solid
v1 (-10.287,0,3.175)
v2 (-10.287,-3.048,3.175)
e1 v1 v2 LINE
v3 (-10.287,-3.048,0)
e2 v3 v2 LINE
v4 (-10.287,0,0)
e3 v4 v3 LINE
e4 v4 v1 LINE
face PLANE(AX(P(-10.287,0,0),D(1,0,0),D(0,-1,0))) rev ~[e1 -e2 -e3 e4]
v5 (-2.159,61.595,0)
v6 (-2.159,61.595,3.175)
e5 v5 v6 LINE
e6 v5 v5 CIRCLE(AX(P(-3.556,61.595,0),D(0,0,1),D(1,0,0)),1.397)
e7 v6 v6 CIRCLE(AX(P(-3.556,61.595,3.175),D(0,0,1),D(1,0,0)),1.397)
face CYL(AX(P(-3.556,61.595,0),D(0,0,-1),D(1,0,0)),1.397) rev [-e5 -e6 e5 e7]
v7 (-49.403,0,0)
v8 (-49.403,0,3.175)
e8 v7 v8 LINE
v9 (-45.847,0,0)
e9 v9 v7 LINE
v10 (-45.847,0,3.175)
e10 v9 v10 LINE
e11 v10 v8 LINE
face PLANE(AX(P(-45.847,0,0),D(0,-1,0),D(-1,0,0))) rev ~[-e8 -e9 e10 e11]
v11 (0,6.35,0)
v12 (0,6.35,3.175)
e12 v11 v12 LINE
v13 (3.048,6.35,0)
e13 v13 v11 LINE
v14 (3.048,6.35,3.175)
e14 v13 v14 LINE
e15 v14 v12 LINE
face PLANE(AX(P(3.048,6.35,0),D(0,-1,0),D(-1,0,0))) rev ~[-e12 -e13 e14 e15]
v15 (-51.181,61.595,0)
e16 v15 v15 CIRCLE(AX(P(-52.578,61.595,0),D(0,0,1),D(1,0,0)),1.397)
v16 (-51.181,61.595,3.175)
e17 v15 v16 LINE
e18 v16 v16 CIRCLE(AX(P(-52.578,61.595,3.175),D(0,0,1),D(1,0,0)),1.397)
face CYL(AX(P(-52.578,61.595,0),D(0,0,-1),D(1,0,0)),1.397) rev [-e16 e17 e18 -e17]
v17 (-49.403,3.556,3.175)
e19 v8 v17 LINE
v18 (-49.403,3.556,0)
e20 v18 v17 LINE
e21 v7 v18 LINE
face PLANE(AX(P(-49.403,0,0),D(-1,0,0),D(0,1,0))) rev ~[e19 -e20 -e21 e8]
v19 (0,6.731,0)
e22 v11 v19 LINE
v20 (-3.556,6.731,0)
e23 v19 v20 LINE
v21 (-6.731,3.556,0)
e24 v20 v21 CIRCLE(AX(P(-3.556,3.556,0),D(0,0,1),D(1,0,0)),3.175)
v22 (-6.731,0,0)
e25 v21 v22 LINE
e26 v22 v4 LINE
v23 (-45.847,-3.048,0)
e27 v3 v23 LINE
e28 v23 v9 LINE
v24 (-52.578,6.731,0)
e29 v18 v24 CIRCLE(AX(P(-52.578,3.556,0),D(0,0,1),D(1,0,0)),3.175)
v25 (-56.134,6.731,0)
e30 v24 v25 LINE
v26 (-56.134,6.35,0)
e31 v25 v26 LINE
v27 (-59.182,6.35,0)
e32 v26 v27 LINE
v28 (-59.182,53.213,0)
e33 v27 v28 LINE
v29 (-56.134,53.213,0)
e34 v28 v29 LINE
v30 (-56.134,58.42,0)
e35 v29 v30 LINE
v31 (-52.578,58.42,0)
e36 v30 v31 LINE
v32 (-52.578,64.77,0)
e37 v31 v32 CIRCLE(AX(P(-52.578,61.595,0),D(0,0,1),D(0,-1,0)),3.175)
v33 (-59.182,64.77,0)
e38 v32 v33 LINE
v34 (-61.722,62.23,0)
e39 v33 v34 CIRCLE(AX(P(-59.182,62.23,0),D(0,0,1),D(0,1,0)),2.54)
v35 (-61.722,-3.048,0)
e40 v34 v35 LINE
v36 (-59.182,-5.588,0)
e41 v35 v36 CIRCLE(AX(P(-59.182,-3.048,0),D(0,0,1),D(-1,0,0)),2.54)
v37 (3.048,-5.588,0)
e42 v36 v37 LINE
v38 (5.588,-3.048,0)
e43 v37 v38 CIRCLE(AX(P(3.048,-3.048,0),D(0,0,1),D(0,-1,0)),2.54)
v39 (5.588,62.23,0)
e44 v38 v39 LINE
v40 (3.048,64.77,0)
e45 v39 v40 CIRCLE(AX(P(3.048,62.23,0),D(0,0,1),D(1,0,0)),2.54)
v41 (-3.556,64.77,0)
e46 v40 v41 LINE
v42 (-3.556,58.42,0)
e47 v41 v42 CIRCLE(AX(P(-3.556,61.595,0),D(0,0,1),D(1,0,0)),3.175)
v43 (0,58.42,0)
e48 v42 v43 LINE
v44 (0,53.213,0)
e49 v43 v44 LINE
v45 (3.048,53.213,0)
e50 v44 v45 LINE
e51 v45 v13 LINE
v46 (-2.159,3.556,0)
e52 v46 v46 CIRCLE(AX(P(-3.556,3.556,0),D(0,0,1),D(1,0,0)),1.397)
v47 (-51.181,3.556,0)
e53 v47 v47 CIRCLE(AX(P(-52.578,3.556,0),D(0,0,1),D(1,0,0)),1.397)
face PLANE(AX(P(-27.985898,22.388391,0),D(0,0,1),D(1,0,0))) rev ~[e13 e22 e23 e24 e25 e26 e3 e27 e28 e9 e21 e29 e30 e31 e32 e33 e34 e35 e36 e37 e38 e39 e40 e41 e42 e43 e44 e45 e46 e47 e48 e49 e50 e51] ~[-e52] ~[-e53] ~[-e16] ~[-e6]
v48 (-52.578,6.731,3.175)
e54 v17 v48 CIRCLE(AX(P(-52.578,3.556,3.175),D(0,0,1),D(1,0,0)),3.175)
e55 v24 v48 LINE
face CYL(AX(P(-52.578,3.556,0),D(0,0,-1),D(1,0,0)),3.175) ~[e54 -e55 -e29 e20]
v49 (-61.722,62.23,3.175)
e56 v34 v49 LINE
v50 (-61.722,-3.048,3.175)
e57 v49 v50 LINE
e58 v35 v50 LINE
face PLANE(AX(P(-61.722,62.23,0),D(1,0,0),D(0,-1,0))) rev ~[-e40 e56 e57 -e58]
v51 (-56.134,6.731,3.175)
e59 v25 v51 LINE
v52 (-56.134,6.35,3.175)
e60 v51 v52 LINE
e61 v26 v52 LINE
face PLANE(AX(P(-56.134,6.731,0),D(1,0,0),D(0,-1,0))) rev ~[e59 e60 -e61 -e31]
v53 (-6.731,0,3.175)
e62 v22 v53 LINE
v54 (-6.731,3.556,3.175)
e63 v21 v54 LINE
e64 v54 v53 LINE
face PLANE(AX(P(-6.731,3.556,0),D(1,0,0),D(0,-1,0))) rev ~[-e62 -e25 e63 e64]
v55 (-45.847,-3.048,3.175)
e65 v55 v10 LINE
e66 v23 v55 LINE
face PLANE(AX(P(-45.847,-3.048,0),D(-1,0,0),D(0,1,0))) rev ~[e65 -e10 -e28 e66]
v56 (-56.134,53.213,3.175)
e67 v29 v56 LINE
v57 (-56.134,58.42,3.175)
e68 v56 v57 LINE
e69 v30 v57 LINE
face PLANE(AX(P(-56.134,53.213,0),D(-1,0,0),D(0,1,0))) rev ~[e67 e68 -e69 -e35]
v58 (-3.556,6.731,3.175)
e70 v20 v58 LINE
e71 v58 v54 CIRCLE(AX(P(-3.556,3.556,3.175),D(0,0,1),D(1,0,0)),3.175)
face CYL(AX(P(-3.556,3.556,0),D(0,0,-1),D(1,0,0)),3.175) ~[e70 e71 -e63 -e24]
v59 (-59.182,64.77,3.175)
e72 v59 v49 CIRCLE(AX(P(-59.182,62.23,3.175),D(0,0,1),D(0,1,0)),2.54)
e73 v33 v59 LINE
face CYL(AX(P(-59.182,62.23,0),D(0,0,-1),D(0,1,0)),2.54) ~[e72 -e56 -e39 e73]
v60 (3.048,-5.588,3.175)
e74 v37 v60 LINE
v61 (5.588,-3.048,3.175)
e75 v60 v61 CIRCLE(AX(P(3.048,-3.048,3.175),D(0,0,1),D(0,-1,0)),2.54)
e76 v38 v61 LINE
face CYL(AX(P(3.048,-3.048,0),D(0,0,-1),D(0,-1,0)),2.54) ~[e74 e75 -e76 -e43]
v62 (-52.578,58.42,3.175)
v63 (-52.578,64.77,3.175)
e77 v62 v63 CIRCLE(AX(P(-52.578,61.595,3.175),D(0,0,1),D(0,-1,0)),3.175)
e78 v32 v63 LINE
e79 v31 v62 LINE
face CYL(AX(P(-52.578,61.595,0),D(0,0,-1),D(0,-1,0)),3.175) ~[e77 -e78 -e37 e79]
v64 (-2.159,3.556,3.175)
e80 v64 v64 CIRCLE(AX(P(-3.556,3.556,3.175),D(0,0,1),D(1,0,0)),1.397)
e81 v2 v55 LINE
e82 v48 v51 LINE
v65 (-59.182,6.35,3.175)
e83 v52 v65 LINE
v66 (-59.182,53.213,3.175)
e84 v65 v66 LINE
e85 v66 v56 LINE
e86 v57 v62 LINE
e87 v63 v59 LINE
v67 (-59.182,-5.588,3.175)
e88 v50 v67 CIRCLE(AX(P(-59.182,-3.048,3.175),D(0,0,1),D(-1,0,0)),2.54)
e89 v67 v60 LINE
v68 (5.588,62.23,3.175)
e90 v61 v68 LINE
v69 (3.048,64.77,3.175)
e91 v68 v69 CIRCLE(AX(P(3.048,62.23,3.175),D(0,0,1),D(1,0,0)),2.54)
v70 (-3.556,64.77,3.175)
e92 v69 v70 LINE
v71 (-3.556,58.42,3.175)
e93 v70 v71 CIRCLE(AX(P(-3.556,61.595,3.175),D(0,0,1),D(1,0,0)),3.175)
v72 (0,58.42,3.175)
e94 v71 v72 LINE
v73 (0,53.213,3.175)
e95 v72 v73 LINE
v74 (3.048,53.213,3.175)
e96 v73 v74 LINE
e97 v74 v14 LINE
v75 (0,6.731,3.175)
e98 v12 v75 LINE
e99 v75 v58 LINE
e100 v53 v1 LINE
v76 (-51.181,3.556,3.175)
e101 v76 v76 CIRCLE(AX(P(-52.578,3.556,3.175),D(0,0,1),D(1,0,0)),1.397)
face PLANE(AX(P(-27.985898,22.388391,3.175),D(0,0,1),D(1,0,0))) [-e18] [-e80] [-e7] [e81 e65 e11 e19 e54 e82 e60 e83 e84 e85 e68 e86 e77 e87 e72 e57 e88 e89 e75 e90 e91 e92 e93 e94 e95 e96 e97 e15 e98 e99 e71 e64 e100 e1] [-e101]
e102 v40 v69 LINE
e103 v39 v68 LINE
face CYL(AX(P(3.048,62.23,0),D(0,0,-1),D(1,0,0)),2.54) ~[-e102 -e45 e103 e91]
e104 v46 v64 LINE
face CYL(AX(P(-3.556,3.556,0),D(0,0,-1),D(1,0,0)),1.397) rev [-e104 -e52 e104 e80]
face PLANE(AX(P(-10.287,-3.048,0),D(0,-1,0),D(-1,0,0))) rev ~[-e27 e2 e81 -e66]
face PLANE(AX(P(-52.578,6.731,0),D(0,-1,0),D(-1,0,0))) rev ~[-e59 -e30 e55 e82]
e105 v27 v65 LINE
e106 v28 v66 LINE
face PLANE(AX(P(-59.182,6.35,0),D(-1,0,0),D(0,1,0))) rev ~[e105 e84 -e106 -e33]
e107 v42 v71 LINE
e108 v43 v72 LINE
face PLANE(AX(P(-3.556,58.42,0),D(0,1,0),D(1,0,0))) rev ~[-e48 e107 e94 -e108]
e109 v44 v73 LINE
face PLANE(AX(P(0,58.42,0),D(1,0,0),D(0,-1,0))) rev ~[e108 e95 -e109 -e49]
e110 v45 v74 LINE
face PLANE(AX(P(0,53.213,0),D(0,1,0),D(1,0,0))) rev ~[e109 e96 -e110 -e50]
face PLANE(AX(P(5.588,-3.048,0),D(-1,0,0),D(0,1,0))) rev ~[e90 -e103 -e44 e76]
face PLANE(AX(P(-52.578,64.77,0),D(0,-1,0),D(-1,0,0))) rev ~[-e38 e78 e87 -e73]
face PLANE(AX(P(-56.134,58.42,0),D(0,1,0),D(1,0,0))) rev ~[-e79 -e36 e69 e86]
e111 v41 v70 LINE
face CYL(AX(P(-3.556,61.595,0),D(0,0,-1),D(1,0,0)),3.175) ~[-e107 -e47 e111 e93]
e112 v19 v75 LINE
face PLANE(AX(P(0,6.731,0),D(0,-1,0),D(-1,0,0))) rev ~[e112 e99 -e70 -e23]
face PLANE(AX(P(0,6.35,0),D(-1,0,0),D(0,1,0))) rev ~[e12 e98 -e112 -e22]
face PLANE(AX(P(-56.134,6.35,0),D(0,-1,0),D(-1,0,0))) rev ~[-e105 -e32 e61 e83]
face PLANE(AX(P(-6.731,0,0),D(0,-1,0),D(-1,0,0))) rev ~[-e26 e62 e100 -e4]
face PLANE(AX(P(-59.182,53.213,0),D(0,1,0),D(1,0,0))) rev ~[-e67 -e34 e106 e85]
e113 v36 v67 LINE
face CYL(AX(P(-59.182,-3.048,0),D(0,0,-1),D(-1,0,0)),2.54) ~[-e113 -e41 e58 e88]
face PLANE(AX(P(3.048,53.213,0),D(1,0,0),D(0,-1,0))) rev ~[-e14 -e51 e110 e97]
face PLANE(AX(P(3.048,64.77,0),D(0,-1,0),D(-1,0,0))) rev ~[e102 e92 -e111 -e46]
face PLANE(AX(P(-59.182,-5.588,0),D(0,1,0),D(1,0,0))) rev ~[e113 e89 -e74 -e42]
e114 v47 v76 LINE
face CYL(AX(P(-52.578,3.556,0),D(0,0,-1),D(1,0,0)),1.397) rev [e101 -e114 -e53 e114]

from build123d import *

# Parameters (mm, degrees)
SKETCH1_R           = 3.175
SKETCH1_R_2         = 1.397
BOSS_EXTRUDE1_DEPTH = 3.175


with BuildPart() as part:
    # Sketch1 → Boss-Extrude1 (new body)
    with BuildSketch(Plane.XY):
        with BuildLine():
            Line((0, 58.42), (0, 53.213))
            Line((0, 53.213), (3.048, 53.213))
            Line((3.048, 53.213), (3.048, 6.35))
            Line((3.048, 6.35), (0, 6.35))
            Line((0, 6.35), (0, 6.731))
            Line((0, 6.731), (-3.556, 6.731))
            ThreePointArc((-3.556, 6.731), (-1.31093597, 5.80106403), (-0.381, 3.556))
            ThreePointArc((-0.381, 3.556), (-3.556, 0.381), (-6.731, 3.556))
            Line((-6.731, 3.556), (-6.731, 0))
            Line((-6.731, 0), (-10.287, 0))
            Line((-10.287, 0), (-10.287, -3.048))
            Line((-10.287, -3.048), (-45.847, -3.048))
            Line((-45.847, -3.048), (-45.847, 0))
            Line((-45.847, 0), (-49.403, 0))
            Line((-49.403, 0), (-49.403, 3.556))
            ThreePointArc((-49.403, 3.556), (-54.82306403, 1.31093597), (-52.578, 6.731))
            Line((-52.578, 6.731), (-56.134, 6.731))
            Line((-56.134, 6.731), (-56.134, 6.35))
            Line((-56.134, 6.35), (-59.182, 6.35))
            Line((-59.182, 6.35), (-59.182, 53.213))
            Line((-59.182, 53.213), (-56.134, 53.213))
            Line((-56.134, 53.213), (-56.134, 58.42))
            Line((-56.134, 58.42), (-52.578, 58.42))
            ThreePointArc((-52.578, 58.42), (-55.753, 61.595), (-52.578, 64.77))
            Line((-52.578, 64.77), (-59.182, 64.77))
            ThreePointArc((-59.182, 64.77), (-60.978051224, 64.026051224), (-61.722, 62.23))
            Line((-61.722, 62.23), (-61.722, -3.048))
            ThreePointArc((-61.722, -3.048), (-60.978051224, -4.844051224), (-59.182, -5.588))
            Line((-59.182, -5.588), (3.048, -5.588))
            ThreePointArc((3.048, -5.588), (4.844051224, -4.844051224), (5.588, -3.048))
            Line((5.588, -3.048), (5.588, 62.23))
            ThreePointArc((5.588, 62.23), (4.844051224, 64.026051224), (3.048, 64.77))
            Line((3.048, 64.77), (-3.556000021, 64.77))
            ThreePointArc((-3.556000021, 64.77), (-1.310935977, 63.840064038), (-0.381, 61.595))
            ThreePointArc((-0.381, 61.595), (-1.31093597, 59.34993597), (-3.556, 58.42))
            Line((-3.556, 58.42), (0, 58.42))
        make_face()
        with Locations((-52.578, 61.595)):
            Circle(SKETCH1_R)
        with Locations((-52.578, 61.595)):
            Circle(SKETCH1_R_2, mode=Mode.SUBTRACT)
        with Locations((-3.556, 61.595)):
            Circle(SKETCH1_R)
        with Locations((-3.556, 61.595)):
            Circle(SKETCH1_R_2, mode=Mode.SUBTRACT)
        with Locations((-52.578, 3.556)):
            Circle(SKETCH1_R)
        with Locations((-52.578, 3.556)):
            Circle(SKETCH1_R_2, mode=Mode.SUBTRACT)
        with Locations((-3.556, 3.556)):
            Circle(SKETCH1_R)
        with Locations((-3.556, 3.556)):
            Circle(SKETCH1_R_2, mode=Mode.SUBTRACT)
    extrude(amount=BOSS_EXTRUDE1_DEPTH)


solid = part.part
